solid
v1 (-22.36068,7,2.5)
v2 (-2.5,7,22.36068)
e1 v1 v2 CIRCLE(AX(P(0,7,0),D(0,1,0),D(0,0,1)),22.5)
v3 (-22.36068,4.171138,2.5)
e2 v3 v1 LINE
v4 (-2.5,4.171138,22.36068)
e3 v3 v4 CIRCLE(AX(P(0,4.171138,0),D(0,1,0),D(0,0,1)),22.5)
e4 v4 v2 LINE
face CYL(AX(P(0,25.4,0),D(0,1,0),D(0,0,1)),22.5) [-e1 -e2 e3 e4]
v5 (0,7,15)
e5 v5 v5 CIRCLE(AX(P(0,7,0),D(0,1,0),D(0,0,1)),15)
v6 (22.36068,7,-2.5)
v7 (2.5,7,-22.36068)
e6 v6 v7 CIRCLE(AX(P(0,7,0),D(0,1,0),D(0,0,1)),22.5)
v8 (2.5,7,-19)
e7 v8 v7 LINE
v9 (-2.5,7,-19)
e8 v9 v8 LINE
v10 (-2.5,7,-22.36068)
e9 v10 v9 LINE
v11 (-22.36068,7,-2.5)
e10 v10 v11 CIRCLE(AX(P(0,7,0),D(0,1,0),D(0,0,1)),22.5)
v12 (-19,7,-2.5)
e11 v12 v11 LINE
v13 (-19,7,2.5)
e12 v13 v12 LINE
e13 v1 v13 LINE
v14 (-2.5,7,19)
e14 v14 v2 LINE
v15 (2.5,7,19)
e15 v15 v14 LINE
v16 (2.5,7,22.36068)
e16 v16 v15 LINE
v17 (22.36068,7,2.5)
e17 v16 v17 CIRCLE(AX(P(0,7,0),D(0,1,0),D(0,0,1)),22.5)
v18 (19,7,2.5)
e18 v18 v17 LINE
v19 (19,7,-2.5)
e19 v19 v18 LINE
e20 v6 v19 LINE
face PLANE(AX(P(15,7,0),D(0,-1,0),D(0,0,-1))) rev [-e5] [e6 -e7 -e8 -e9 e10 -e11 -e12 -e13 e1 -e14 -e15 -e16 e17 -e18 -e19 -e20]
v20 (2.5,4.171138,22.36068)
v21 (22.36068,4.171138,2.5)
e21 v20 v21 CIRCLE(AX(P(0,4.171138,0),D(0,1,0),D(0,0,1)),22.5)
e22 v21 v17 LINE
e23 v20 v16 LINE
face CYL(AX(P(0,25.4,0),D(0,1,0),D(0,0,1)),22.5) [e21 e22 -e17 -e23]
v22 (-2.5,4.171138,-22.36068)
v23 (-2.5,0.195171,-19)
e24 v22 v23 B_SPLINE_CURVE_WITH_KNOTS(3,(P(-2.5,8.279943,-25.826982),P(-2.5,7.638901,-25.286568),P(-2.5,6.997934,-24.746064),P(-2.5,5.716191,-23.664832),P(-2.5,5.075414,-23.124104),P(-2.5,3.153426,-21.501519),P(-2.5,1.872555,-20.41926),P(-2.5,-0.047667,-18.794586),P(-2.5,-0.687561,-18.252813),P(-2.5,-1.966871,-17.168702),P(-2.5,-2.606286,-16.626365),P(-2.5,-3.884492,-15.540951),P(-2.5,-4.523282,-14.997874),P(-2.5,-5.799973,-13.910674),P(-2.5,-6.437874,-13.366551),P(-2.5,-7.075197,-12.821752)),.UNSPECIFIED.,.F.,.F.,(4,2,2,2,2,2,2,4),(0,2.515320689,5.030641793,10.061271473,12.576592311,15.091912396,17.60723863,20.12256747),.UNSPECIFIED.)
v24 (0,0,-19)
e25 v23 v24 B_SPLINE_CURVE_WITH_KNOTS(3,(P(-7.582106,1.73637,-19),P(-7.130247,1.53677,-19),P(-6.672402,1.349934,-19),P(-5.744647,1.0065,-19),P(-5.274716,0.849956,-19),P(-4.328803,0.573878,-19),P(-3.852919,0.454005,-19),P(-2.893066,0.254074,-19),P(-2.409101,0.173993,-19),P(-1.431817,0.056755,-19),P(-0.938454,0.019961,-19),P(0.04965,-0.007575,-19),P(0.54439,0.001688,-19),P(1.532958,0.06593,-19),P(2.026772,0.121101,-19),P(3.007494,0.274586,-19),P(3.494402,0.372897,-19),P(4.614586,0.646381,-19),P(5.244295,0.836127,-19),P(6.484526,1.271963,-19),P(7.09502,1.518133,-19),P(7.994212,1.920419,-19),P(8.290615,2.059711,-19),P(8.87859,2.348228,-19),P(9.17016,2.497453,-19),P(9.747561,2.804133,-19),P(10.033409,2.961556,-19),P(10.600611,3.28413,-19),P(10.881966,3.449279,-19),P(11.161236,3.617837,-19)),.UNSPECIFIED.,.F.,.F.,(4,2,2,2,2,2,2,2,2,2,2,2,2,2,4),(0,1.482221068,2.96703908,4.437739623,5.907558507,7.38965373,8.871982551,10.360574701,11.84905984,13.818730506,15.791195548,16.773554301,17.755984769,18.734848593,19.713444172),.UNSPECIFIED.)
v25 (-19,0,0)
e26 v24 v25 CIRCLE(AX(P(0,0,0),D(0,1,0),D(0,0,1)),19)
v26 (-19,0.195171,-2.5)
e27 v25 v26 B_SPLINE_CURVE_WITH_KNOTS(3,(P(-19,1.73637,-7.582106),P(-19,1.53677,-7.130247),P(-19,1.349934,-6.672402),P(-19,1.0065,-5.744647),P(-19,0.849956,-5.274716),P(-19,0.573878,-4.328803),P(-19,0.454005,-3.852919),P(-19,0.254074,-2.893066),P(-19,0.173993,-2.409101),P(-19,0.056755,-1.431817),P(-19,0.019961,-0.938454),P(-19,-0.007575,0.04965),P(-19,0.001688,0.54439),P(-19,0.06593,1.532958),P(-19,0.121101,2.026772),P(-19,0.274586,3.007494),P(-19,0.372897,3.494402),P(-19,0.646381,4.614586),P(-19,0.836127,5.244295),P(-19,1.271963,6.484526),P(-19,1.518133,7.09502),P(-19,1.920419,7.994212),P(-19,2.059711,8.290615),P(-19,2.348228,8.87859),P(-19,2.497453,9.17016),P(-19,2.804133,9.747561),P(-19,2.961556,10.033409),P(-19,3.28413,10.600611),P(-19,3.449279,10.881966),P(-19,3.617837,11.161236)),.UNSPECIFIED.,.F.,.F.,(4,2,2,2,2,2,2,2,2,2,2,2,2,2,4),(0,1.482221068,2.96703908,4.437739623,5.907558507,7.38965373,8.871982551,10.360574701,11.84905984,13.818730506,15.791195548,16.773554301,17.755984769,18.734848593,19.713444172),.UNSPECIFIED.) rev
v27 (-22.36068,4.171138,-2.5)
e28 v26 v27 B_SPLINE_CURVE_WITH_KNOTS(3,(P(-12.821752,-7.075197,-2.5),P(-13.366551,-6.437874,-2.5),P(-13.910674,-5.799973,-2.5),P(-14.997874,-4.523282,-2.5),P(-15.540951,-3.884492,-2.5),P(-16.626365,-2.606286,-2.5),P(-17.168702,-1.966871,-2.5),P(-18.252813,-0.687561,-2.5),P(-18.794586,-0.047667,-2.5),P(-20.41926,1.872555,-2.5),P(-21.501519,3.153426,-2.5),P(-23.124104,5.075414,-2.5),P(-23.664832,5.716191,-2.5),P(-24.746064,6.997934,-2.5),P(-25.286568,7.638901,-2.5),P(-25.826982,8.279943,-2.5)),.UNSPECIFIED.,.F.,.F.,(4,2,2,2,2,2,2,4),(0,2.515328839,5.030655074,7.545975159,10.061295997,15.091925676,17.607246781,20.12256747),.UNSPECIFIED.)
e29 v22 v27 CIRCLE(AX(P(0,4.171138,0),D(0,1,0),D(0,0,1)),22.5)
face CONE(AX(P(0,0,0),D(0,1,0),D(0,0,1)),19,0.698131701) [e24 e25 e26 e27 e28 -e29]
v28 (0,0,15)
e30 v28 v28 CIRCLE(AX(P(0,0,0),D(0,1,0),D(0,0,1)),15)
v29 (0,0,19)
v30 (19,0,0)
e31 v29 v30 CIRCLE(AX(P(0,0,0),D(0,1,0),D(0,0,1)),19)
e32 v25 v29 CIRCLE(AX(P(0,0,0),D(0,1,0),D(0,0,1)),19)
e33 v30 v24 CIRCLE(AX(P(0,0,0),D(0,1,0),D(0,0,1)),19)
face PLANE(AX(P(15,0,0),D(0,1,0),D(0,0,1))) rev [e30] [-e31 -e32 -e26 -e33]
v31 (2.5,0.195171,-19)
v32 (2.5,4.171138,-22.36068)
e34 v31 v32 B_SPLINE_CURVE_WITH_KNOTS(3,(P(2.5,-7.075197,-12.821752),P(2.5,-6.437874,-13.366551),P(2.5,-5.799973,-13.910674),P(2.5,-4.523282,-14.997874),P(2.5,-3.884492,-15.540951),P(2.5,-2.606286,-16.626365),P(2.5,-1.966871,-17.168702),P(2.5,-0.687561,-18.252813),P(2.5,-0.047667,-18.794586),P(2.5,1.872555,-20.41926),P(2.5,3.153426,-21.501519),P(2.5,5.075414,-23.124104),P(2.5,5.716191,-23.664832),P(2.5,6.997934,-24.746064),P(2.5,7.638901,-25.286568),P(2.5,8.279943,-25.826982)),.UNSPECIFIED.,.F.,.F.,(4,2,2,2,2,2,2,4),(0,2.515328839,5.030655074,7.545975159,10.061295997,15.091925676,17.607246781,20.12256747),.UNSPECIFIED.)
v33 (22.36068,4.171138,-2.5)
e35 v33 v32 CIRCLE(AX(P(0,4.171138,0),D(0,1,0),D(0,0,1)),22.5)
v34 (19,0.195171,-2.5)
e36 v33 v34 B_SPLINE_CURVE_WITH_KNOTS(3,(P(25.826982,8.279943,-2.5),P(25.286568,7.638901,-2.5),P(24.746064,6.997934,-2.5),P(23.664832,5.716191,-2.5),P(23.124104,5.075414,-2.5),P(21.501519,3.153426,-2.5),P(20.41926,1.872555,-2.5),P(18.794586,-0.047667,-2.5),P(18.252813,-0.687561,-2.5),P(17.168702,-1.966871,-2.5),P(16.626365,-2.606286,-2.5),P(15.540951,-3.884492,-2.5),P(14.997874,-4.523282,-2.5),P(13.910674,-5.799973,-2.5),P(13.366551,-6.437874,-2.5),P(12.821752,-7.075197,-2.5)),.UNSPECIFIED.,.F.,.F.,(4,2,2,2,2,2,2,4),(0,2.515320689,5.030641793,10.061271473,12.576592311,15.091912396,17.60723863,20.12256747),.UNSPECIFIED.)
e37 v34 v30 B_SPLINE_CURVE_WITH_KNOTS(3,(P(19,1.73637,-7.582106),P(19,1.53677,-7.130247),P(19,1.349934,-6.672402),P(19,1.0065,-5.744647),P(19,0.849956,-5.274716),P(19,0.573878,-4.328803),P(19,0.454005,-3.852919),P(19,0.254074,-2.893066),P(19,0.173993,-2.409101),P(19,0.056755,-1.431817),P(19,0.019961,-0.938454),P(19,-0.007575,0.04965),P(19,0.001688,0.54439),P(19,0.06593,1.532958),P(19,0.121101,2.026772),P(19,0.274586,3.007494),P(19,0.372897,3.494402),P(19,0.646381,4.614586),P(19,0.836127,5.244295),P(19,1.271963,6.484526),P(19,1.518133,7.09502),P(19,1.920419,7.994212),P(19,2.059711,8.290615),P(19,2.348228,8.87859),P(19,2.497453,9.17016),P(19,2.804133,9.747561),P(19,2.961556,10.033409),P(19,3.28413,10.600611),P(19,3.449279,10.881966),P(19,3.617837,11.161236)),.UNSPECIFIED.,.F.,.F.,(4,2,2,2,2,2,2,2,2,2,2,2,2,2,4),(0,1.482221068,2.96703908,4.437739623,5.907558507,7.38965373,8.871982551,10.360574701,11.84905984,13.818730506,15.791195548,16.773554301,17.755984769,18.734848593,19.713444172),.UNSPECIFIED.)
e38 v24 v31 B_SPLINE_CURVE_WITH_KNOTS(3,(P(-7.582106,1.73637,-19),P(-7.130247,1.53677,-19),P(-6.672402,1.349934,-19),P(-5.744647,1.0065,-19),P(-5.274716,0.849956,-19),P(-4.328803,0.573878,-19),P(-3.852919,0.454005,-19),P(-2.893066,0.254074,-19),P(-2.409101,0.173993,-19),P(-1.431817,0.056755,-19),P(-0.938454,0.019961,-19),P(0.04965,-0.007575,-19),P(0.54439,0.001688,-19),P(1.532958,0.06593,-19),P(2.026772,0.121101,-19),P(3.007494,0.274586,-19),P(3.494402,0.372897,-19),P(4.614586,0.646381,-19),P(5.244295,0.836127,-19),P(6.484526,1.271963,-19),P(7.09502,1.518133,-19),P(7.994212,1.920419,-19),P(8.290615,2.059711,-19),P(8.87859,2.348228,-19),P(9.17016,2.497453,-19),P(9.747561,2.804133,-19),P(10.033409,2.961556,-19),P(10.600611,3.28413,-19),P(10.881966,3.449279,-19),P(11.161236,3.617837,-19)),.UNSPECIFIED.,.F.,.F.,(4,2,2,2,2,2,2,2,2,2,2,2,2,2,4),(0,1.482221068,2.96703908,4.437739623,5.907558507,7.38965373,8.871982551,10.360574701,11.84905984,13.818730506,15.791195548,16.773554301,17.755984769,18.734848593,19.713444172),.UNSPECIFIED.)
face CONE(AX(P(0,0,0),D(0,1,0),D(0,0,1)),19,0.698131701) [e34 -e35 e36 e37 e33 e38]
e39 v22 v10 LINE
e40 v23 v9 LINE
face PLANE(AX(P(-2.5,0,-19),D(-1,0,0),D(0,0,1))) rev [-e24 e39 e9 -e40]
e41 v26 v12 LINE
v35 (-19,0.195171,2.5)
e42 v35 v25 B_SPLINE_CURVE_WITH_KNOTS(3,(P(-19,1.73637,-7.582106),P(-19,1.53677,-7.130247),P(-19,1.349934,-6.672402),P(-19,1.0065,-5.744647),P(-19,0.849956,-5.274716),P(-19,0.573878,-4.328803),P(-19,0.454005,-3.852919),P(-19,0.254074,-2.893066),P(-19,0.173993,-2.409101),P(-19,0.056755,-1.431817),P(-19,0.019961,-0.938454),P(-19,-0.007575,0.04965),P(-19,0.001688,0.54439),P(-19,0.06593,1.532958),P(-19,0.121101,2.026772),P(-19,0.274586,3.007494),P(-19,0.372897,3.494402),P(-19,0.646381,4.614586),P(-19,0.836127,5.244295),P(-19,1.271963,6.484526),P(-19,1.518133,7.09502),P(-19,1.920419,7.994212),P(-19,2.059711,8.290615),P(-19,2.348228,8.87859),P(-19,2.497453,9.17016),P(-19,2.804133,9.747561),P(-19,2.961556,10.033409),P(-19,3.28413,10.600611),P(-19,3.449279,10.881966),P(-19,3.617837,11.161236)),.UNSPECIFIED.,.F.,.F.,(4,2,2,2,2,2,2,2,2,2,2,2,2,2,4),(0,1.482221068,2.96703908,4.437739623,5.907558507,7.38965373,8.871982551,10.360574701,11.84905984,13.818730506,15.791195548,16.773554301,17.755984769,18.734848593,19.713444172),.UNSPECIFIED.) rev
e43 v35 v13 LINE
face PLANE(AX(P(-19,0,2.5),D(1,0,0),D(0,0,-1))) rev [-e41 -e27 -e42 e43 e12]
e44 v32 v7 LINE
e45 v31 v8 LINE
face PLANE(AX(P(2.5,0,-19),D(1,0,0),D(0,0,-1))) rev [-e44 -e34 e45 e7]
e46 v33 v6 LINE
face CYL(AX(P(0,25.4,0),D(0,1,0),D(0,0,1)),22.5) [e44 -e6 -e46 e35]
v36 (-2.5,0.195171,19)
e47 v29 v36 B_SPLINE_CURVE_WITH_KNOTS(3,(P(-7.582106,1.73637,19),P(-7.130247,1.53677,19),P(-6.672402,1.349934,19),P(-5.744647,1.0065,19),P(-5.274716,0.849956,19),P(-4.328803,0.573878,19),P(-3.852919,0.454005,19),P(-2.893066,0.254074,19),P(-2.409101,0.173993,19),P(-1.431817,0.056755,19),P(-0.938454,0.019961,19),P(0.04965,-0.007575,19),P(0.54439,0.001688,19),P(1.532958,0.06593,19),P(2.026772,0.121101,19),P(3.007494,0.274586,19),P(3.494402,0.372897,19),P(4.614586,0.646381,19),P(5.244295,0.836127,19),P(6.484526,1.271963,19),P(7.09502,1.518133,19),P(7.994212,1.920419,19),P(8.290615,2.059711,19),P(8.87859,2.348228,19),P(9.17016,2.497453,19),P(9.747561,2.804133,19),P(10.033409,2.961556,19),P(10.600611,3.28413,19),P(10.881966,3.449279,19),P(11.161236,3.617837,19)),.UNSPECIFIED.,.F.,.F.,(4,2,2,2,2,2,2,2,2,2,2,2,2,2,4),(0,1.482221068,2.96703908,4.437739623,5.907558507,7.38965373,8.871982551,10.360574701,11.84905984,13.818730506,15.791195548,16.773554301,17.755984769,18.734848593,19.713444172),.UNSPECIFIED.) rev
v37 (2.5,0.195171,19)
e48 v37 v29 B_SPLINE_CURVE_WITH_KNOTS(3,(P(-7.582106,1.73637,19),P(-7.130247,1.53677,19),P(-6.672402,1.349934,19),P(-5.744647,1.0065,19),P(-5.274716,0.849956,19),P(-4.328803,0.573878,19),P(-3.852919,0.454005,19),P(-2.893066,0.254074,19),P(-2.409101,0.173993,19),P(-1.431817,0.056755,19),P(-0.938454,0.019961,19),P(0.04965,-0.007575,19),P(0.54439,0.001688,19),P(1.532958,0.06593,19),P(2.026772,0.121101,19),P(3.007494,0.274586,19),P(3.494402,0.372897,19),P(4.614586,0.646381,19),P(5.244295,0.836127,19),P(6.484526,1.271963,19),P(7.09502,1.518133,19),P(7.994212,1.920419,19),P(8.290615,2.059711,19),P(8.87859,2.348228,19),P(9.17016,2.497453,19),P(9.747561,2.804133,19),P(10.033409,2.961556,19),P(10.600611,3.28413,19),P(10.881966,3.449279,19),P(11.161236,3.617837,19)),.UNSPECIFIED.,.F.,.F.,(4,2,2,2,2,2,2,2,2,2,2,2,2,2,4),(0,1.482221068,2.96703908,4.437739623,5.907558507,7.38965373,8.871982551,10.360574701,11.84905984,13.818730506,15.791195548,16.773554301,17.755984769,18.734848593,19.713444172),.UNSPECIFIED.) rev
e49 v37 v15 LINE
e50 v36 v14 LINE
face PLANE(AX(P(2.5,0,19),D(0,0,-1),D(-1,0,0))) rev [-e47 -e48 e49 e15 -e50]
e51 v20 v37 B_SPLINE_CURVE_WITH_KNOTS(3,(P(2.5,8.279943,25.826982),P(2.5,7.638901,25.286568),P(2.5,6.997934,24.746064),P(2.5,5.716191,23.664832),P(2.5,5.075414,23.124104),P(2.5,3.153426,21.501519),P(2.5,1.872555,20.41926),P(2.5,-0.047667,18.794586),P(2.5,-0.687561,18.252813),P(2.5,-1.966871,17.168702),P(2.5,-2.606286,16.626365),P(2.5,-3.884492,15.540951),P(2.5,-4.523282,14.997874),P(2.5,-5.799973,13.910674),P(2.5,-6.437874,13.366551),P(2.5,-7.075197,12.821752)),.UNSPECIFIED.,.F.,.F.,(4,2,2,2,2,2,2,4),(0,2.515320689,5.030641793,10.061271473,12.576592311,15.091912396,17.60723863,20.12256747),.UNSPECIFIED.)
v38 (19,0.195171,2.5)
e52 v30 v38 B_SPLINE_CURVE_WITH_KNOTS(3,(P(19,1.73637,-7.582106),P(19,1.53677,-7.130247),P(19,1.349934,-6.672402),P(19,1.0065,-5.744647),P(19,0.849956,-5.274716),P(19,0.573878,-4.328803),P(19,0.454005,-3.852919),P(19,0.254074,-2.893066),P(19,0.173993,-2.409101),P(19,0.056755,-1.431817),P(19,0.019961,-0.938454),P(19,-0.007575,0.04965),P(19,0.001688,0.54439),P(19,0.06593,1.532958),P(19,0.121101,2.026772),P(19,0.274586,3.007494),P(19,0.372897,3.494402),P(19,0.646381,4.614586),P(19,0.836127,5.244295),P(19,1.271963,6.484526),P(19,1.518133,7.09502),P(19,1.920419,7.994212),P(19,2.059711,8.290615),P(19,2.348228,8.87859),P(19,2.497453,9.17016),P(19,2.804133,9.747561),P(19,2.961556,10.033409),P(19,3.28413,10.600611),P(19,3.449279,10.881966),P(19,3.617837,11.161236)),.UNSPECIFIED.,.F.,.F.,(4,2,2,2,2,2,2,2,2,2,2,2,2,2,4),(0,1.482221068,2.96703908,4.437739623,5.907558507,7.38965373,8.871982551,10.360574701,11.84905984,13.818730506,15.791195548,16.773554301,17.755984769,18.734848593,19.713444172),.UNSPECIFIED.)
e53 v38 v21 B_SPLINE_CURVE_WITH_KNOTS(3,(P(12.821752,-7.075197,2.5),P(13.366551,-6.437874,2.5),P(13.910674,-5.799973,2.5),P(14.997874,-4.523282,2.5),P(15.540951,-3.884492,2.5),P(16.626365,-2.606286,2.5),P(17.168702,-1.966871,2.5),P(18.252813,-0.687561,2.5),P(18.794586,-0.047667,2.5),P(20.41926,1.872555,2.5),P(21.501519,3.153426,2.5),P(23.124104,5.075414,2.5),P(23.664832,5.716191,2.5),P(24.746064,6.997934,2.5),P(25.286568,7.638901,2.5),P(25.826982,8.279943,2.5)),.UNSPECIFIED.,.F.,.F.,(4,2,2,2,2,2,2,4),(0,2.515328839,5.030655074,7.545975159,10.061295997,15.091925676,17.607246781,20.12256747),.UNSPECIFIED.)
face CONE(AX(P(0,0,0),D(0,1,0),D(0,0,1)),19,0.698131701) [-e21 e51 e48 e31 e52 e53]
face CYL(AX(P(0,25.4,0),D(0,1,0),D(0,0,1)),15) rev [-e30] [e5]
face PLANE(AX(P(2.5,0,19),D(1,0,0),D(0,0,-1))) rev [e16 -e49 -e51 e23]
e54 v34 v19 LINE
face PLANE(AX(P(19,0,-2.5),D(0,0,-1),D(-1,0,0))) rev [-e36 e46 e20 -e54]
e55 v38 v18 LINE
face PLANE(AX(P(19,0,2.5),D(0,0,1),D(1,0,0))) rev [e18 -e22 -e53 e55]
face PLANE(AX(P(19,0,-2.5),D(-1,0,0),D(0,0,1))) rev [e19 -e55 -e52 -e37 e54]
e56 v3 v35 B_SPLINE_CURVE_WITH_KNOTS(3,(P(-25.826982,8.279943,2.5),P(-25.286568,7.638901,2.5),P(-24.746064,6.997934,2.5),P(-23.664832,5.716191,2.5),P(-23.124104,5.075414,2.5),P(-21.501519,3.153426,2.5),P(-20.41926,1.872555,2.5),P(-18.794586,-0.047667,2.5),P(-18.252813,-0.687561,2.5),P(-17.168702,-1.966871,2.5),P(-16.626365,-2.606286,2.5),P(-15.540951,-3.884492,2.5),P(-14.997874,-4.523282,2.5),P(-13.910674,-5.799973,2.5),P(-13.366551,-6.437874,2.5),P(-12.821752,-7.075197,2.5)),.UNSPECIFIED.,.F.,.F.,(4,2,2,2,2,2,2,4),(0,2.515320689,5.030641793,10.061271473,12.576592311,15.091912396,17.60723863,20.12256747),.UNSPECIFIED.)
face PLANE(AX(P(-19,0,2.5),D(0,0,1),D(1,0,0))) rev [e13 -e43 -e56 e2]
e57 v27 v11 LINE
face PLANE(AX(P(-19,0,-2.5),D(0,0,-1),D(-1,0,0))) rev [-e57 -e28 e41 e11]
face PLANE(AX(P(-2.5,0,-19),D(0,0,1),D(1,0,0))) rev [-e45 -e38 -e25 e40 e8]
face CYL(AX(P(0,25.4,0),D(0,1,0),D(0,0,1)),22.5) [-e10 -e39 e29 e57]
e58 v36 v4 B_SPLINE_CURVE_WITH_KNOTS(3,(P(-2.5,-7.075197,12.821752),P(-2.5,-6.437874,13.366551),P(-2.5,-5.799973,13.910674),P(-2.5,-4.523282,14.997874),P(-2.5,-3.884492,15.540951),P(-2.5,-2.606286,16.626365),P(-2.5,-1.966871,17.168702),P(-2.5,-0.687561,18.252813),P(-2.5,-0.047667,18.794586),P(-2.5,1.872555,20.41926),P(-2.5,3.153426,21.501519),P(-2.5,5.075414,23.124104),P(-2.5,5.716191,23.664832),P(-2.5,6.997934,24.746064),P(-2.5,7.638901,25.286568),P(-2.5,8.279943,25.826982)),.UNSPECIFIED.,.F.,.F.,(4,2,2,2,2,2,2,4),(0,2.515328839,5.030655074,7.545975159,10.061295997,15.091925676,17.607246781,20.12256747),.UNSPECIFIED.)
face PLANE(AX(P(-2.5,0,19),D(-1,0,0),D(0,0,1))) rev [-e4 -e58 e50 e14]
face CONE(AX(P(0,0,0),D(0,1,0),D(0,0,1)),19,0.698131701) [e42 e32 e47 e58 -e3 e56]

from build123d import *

# Parameters (mm, degrees)
NOTCH_DEPTH       = 33.580669115
CIRPATTERN1_COUNT = 4


with BuildPart() as part:
    # Profile → Nut (revolve)
    with BuildSketch(Plane.XY):
        Polygon((15, 7), (15, 0), (19, 0), (22.5, 4.171137574), (22.5, 7), align=None)
    revolve(axis=Axis((0, 25.4, 0), (0, -1, 0)))

    # Cut → Notch (cut, through all)
    with BuildSketch(Plane(origin=(0, 7, 0), x_dir=(-1, 0, 0), z_dir=(0, 1, 0))):
        with BuildLine():
            Line((2.5, -19), (-2.5, -19))
            Line((-2.5, -19), (-2.5, -22.360679775))
            ThreePointArc((-2.5, -22.360679775), (0, -22.5), (2.5, -22.360679775))
            Line((2.5, -22.360679775), (2.5, -19))
        make_face()
    notch = extrude(amount=-NOTCH_DEPTH, mode=Mode.SUBTRACT)

    # CirPattern1: Notch ×4 about axis
    cirpattern1_axis = Axis((0, -9.659760956, 0), (0, 1, 0))
    for i in range(1, CIRPATTERN1_COUNT):
        add(notch.rotate(cirpattern1_axis, i * 360 / CIRPATTERN1_COUNT), mode=Mode.SUBTRACT)


solid = part.part
